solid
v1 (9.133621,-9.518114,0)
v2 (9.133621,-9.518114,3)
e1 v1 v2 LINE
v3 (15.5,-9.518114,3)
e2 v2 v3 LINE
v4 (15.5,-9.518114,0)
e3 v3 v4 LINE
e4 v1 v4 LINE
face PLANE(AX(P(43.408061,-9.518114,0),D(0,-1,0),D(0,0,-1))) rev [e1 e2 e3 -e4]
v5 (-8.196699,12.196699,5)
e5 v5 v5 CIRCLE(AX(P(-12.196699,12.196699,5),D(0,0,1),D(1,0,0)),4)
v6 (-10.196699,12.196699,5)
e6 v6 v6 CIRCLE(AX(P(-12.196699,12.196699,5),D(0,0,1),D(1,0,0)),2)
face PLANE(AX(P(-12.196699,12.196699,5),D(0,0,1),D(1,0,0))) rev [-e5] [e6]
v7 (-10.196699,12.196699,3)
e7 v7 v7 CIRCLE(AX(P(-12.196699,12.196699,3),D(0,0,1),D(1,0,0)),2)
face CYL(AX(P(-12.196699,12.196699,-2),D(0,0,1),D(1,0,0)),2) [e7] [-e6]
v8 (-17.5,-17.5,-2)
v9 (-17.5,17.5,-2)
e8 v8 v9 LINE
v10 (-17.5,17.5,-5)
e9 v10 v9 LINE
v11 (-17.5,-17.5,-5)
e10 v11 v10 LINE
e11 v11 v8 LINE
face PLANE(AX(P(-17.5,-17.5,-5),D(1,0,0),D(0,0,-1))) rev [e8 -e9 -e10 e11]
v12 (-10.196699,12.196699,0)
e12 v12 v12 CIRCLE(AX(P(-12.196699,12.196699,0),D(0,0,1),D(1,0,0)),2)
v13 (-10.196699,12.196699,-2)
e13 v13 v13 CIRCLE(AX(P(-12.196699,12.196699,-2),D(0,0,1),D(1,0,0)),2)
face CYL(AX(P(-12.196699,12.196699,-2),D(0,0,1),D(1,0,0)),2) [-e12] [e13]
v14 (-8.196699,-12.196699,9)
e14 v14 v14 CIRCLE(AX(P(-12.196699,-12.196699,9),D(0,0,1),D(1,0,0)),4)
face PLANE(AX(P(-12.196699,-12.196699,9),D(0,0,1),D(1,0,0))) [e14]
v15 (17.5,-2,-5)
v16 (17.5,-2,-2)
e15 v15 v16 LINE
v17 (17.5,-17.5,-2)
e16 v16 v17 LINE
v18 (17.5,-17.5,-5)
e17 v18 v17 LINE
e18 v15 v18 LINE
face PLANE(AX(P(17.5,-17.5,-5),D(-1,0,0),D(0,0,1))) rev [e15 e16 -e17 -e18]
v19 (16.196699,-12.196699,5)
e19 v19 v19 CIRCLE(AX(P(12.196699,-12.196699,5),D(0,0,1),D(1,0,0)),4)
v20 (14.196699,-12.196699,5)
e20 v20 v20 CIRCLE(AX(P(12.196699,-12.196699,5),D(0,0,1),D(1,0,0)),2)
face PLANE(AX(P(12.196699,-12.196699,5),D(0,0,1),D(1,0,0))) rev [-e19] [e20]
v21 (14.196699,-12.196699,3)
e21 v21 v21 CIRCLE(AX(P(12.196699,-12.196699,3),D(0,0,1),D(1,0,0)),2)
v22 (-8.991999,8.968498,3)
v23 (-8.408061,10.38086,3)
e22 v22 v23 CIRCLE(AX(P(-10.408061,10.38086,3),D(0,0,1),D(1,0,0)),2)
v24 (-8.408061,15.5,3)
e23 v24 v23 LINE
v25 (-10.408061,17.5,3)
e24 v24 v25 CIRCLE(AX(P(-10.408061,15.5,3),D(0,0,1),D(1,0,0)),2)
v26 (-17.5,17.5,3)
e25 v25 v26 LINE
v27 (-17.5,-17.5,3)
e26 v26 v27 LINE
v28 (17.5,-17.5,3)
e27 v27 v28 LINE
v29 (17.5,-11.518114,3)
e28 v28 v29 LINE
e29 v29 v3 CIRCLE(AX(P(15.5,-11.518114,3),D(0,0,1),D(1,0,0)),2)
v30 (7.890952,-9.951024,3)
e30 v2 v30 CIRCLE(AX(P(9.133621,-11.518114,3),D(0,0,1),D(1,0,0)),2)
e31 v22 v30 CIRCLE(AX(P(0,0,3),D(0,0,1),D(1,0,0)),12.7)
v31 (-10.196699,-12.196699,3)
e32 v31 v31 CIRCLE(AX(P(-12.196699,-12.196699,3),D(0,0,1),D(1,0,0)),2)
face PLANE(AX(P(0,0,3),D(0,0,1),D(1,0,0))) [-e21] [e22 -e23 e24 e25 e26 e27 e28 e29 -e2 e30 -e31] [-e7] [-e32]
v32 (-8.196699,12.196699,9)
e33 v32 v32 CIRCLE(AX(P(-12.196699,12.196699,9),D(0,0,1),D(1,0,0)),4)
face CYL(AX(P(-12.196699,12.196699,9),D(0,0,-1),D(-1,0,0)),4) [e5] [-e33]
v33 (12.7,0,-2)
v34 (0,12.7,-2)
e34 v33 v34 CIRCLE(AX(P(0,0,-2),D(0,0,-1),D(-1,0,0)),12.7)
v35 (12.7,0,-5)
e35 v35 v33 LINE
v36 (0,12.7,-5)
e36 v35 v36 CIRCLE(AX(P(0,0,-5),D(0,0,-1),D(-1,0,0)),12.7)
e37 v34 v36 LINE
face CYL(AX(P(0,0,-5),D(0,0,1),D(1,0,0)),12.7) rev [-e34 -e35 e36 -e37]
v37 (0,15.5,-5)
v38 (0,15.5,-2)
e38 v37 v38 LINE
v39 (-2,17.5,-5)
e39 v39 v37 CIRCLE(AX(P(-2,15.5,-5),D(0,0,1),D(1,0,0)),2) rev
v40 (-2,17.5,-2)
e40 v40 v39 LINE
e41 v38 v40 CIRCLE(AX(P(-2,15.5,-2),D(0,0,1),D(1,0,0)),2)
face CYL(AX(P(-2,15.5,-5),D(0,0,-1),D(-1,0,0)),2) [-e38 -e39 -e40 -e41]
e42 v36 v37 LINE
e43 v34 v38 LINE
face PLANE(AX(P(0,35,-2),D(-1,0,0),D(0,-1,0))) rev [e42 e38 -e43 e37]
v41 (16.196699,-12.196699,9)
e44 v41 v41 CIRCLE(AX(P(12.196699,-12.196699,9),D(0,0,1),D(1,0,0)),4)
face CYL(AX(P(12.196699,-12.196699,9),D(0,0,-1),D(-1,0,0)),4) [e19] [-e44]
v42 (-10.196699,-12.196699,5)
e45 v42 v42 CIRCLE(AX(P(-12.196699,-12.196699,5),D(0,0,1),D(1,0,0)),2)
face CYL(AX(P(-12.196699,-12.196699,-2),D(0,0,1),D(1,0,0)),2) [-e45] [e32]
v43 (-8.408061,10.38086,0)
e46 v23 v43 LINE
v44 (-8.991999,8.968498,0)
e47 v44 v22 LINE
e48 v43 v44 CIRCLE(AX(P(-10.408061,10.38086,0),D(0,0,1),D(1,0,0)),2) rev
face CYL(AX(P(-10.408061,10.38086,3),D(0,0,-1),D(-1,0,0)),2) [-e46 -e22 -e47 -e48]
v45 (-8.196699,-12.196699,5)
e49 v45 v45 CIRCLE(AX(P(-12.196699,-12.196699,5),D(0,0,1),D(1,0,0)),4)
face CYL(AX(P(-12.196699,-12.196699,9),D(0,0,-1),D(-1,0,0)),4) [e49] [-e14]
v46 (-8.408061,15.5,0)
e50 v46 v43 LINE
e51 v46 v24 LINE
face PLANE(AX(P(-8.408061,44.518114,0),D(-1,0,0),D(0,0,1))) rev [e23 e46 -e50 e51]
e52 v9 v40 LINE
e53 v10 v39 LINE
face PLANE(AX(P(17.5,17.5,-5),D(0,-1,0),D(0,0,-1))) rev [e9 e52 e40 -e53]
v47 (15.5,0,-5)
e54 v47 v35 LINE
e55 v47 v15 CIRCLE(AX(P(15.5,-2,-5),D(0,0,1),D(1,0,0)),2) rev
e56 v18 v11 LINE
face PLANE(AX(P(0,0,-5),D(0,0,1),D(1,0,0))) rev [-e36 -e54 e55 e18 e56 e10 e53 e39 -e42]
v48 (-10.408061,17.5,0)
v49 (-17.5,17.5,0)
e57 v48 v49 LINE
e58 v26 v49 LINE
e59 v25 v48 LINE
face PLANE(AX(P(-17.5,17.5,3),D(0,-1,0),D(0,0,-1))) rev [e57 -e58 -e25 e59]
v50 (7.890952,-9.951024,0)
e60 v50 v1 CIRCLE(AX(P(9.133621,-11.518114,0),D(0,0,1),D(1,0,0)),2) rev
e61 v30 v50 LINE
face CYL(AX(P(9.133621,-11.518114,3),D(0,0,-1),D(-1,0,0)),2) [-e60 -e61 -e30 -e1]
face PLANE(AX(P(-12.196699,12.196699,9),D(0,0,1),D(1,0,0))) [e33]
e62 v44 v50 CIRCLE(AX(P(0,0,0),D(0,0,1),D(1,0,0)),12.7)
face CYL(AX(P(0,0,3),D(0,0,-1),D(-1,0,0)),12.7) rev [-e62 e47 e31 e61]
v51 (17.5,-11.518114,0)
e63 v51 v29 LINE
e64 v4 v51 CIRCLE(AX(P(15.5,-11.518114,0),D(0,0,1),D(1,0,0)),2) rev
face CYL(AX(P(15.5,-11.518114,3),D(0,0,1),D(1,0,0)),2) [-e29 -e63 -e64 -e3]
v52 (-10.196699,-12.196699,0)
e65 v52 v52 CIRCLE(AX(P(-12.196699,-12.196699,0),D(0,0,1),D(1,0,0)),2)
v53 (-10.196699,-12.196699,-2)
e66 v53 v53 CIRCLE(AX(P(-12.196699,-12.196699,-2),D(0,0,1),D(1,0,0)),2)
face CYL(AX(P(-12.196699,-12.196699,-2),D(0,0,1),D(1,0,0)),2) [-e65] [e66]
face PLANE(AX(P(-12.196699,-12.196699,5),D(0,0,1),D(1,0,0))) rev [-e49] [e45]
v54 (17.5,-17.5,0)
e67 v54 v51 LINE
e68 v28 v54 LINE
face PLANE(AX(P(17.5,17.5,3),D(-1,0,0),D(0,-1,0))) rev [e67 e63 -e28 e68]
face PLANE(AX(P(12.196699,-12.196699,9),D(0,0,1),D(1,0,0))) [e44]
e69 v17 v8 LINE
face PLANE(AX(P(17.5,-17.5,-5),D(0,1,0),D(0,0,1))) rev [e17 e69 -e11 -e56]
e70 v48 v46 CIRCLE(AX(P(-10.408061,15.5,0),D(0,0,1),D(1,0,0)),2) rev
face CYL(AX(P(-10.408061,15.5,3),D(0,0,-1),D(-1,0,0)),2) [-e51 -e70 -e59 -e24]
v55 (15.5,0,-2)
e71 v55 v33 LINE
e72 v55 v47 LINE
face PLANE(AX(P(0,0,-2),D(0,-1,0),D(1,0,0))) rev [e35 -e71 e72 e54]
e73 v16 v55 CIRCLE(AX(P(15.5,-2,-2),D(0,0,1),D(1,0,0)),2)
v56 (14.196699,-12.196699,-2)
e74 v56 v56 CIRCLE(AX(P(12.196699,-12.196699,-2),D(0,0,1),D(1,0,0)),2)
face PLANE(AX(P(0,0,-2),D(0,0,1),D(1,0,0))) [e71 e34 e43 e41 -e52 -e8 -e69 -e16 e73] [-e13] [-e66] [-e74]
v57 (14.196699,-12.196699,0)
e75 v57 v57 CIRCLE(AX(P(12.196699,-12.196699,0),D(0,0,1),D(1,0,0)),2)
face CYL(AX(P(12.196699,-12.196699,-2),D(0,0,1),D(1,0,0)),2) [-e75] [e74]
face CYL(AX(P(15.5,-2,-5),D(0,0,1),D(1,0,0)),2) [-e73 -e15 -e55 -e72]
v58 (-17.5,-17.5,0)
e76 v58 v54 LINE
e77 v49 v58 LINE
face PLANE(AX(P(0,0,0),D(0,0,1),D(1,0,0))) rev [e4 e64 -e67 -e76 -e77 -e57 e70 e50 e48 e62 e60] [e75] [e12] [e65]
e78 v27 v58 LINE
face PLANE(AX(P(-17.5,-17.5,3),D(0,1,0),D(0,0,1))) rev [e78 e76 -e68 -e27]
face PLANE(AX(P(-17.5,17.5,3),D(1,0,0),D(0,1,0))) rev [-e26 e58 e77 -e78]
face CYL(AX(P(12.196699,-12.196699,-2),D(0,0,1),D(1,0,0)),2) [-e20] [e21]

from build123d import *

# Parameters (mm, degrees)
SKETCH_1_W           = 35
SKETCH_1_H           = 35
SKETCH_1_R           = 12.7
EXTRUDE_1_DEPTH      = 3
EXTRUDE_2_DEPTH      = 2
EXTRUDE_2_DEPTH_BACK = 5
SKETCH_2_R           = 2
SKETCH_3_R           = 4
EXTRUDE_3_DEPTH      = 4
EXTRUDE_START        = 3
SKETCH_4_W           = 35
SKETCH_4_H           = 35
SKETCH_4_R           = 12.7
EXTRUDE_4_DEPTH      = 3
SKETCH_5_W           = 51.816122842
SKETCH_5_H           = 54.036228948
CUT_EXTRUDE_1_DEPTH  = 3
SKETCH_7_W           = 35
SKETCH_7_H           = 35
CUT_EXTRUDE_3_DEPTH  = 3
FILLET_1_R           = 2


with BuildPart() as part:
    # 草图1 → 凸台-拉伸1 (new body)
    with BuildSketch(Plane.XY):
        Rectangle(SKETCH_1_W, SKETCH_1_H)
        Circle(SKETCH_1_R, mode=Mode.SUBTRACT)
    extrude(amount=EXTRUDE_1_DEPTH)

    # 草图2 → 凸台-拉伸2 (add, two sides: drawn at the far end of the back side and taken through both)
    with BuildSketch(Plane.XY.offset(3).offset(-EXTRUDE_2_DEPTH_BACK)):
        with Locations((-12.196699141, 12.196699141)):
            Circle(SKETCH_2_R)
        with Locations((12.196699141, -12.196699141)):
            Circle(SKETCH_2_R)
        with Locations((-12.196699141, -12.196699141)):
            Circle(SKETCH_2_R)
    extrude(amount=EXTRUDE_2_DEPTH + EXTRUDE_2_DEPTH_BACK)

    # 草图3 → 凸台-拉伸3 (add)
    with BuildSketch(Plane.XY.offset(5)):
        with Locations((-12.196699141, 12.196699141)):
            Circle(SKETCH_3_R)
        with Locations((-12.196699141, -12.196699141)):
            Circle(SKETCH_3_R)
        with Locations((12.196699141, -12.196699141)):
            Circle(SKETCH_3_R)
    extrude(amount=EXTRUDE_3_DEPTH)

    # 草图4 → 凸台-拉伸4 (add)
    with BuildSketch(Plane(origin=(0, 0, -2), x_dir=(-1, 0, 0), z_dir=(0, 0, -1)).offset(EXTRUDE_START)):
        Rectangle(SKETCH_4_W, SKETCH_4_H)
        with Locations(Location((0, 0, 0), (0, 0, 180))):
            Circle(SKETCH_4_R, mode=Mode.SUBTRACT)
    extrude(amount=-EXTRUDE_4_DEPTH)

    # 草图5 → 切除-拉伸1 (cut)
    with BuildSketch(Plane.XY.offset(3)):
        with Locations((17.5, 17.5)):
            Rectangle(SKETCH_5_W, SKETCH_5_H)
    extrude(amount=-CUT_EXTRUDE_1_DEPTH, mode=Mode.SUBTRACT)

    # 草图7 → 切除-拉伸3 (cut)
    with BuildSketch(Plane(origin=(0, 0, -5), x_dir=(-1, 0, 0), z_dir=(0, 0, -1))):
        with Locations((-17.5, 17.5)):
            Rectangle(SKETCH_7_W, SKETCH_7_H)
    extrude(amount=-CUT_EXTRUDE_3_DEPTH, mode=Mode.SUBTRACT)

    # 圆角1
    fillet_1_edges = [part.edges().sort_by_distance(p)[0] for p in [
        (8.408061421, -9.518114474, 1.5),
        (-8.408061421, 9.518114474, 1.5),
        (-8.408061421, 17.5, 1.5),
        (17.5, -9.518114474, 1.5),
        (0, 17.5, -3.5),
        (17.5, 0, -3.5),
    ]]
    fillet(fillet_1_edges, radius=FILLET_1_R)


solid = part.part
